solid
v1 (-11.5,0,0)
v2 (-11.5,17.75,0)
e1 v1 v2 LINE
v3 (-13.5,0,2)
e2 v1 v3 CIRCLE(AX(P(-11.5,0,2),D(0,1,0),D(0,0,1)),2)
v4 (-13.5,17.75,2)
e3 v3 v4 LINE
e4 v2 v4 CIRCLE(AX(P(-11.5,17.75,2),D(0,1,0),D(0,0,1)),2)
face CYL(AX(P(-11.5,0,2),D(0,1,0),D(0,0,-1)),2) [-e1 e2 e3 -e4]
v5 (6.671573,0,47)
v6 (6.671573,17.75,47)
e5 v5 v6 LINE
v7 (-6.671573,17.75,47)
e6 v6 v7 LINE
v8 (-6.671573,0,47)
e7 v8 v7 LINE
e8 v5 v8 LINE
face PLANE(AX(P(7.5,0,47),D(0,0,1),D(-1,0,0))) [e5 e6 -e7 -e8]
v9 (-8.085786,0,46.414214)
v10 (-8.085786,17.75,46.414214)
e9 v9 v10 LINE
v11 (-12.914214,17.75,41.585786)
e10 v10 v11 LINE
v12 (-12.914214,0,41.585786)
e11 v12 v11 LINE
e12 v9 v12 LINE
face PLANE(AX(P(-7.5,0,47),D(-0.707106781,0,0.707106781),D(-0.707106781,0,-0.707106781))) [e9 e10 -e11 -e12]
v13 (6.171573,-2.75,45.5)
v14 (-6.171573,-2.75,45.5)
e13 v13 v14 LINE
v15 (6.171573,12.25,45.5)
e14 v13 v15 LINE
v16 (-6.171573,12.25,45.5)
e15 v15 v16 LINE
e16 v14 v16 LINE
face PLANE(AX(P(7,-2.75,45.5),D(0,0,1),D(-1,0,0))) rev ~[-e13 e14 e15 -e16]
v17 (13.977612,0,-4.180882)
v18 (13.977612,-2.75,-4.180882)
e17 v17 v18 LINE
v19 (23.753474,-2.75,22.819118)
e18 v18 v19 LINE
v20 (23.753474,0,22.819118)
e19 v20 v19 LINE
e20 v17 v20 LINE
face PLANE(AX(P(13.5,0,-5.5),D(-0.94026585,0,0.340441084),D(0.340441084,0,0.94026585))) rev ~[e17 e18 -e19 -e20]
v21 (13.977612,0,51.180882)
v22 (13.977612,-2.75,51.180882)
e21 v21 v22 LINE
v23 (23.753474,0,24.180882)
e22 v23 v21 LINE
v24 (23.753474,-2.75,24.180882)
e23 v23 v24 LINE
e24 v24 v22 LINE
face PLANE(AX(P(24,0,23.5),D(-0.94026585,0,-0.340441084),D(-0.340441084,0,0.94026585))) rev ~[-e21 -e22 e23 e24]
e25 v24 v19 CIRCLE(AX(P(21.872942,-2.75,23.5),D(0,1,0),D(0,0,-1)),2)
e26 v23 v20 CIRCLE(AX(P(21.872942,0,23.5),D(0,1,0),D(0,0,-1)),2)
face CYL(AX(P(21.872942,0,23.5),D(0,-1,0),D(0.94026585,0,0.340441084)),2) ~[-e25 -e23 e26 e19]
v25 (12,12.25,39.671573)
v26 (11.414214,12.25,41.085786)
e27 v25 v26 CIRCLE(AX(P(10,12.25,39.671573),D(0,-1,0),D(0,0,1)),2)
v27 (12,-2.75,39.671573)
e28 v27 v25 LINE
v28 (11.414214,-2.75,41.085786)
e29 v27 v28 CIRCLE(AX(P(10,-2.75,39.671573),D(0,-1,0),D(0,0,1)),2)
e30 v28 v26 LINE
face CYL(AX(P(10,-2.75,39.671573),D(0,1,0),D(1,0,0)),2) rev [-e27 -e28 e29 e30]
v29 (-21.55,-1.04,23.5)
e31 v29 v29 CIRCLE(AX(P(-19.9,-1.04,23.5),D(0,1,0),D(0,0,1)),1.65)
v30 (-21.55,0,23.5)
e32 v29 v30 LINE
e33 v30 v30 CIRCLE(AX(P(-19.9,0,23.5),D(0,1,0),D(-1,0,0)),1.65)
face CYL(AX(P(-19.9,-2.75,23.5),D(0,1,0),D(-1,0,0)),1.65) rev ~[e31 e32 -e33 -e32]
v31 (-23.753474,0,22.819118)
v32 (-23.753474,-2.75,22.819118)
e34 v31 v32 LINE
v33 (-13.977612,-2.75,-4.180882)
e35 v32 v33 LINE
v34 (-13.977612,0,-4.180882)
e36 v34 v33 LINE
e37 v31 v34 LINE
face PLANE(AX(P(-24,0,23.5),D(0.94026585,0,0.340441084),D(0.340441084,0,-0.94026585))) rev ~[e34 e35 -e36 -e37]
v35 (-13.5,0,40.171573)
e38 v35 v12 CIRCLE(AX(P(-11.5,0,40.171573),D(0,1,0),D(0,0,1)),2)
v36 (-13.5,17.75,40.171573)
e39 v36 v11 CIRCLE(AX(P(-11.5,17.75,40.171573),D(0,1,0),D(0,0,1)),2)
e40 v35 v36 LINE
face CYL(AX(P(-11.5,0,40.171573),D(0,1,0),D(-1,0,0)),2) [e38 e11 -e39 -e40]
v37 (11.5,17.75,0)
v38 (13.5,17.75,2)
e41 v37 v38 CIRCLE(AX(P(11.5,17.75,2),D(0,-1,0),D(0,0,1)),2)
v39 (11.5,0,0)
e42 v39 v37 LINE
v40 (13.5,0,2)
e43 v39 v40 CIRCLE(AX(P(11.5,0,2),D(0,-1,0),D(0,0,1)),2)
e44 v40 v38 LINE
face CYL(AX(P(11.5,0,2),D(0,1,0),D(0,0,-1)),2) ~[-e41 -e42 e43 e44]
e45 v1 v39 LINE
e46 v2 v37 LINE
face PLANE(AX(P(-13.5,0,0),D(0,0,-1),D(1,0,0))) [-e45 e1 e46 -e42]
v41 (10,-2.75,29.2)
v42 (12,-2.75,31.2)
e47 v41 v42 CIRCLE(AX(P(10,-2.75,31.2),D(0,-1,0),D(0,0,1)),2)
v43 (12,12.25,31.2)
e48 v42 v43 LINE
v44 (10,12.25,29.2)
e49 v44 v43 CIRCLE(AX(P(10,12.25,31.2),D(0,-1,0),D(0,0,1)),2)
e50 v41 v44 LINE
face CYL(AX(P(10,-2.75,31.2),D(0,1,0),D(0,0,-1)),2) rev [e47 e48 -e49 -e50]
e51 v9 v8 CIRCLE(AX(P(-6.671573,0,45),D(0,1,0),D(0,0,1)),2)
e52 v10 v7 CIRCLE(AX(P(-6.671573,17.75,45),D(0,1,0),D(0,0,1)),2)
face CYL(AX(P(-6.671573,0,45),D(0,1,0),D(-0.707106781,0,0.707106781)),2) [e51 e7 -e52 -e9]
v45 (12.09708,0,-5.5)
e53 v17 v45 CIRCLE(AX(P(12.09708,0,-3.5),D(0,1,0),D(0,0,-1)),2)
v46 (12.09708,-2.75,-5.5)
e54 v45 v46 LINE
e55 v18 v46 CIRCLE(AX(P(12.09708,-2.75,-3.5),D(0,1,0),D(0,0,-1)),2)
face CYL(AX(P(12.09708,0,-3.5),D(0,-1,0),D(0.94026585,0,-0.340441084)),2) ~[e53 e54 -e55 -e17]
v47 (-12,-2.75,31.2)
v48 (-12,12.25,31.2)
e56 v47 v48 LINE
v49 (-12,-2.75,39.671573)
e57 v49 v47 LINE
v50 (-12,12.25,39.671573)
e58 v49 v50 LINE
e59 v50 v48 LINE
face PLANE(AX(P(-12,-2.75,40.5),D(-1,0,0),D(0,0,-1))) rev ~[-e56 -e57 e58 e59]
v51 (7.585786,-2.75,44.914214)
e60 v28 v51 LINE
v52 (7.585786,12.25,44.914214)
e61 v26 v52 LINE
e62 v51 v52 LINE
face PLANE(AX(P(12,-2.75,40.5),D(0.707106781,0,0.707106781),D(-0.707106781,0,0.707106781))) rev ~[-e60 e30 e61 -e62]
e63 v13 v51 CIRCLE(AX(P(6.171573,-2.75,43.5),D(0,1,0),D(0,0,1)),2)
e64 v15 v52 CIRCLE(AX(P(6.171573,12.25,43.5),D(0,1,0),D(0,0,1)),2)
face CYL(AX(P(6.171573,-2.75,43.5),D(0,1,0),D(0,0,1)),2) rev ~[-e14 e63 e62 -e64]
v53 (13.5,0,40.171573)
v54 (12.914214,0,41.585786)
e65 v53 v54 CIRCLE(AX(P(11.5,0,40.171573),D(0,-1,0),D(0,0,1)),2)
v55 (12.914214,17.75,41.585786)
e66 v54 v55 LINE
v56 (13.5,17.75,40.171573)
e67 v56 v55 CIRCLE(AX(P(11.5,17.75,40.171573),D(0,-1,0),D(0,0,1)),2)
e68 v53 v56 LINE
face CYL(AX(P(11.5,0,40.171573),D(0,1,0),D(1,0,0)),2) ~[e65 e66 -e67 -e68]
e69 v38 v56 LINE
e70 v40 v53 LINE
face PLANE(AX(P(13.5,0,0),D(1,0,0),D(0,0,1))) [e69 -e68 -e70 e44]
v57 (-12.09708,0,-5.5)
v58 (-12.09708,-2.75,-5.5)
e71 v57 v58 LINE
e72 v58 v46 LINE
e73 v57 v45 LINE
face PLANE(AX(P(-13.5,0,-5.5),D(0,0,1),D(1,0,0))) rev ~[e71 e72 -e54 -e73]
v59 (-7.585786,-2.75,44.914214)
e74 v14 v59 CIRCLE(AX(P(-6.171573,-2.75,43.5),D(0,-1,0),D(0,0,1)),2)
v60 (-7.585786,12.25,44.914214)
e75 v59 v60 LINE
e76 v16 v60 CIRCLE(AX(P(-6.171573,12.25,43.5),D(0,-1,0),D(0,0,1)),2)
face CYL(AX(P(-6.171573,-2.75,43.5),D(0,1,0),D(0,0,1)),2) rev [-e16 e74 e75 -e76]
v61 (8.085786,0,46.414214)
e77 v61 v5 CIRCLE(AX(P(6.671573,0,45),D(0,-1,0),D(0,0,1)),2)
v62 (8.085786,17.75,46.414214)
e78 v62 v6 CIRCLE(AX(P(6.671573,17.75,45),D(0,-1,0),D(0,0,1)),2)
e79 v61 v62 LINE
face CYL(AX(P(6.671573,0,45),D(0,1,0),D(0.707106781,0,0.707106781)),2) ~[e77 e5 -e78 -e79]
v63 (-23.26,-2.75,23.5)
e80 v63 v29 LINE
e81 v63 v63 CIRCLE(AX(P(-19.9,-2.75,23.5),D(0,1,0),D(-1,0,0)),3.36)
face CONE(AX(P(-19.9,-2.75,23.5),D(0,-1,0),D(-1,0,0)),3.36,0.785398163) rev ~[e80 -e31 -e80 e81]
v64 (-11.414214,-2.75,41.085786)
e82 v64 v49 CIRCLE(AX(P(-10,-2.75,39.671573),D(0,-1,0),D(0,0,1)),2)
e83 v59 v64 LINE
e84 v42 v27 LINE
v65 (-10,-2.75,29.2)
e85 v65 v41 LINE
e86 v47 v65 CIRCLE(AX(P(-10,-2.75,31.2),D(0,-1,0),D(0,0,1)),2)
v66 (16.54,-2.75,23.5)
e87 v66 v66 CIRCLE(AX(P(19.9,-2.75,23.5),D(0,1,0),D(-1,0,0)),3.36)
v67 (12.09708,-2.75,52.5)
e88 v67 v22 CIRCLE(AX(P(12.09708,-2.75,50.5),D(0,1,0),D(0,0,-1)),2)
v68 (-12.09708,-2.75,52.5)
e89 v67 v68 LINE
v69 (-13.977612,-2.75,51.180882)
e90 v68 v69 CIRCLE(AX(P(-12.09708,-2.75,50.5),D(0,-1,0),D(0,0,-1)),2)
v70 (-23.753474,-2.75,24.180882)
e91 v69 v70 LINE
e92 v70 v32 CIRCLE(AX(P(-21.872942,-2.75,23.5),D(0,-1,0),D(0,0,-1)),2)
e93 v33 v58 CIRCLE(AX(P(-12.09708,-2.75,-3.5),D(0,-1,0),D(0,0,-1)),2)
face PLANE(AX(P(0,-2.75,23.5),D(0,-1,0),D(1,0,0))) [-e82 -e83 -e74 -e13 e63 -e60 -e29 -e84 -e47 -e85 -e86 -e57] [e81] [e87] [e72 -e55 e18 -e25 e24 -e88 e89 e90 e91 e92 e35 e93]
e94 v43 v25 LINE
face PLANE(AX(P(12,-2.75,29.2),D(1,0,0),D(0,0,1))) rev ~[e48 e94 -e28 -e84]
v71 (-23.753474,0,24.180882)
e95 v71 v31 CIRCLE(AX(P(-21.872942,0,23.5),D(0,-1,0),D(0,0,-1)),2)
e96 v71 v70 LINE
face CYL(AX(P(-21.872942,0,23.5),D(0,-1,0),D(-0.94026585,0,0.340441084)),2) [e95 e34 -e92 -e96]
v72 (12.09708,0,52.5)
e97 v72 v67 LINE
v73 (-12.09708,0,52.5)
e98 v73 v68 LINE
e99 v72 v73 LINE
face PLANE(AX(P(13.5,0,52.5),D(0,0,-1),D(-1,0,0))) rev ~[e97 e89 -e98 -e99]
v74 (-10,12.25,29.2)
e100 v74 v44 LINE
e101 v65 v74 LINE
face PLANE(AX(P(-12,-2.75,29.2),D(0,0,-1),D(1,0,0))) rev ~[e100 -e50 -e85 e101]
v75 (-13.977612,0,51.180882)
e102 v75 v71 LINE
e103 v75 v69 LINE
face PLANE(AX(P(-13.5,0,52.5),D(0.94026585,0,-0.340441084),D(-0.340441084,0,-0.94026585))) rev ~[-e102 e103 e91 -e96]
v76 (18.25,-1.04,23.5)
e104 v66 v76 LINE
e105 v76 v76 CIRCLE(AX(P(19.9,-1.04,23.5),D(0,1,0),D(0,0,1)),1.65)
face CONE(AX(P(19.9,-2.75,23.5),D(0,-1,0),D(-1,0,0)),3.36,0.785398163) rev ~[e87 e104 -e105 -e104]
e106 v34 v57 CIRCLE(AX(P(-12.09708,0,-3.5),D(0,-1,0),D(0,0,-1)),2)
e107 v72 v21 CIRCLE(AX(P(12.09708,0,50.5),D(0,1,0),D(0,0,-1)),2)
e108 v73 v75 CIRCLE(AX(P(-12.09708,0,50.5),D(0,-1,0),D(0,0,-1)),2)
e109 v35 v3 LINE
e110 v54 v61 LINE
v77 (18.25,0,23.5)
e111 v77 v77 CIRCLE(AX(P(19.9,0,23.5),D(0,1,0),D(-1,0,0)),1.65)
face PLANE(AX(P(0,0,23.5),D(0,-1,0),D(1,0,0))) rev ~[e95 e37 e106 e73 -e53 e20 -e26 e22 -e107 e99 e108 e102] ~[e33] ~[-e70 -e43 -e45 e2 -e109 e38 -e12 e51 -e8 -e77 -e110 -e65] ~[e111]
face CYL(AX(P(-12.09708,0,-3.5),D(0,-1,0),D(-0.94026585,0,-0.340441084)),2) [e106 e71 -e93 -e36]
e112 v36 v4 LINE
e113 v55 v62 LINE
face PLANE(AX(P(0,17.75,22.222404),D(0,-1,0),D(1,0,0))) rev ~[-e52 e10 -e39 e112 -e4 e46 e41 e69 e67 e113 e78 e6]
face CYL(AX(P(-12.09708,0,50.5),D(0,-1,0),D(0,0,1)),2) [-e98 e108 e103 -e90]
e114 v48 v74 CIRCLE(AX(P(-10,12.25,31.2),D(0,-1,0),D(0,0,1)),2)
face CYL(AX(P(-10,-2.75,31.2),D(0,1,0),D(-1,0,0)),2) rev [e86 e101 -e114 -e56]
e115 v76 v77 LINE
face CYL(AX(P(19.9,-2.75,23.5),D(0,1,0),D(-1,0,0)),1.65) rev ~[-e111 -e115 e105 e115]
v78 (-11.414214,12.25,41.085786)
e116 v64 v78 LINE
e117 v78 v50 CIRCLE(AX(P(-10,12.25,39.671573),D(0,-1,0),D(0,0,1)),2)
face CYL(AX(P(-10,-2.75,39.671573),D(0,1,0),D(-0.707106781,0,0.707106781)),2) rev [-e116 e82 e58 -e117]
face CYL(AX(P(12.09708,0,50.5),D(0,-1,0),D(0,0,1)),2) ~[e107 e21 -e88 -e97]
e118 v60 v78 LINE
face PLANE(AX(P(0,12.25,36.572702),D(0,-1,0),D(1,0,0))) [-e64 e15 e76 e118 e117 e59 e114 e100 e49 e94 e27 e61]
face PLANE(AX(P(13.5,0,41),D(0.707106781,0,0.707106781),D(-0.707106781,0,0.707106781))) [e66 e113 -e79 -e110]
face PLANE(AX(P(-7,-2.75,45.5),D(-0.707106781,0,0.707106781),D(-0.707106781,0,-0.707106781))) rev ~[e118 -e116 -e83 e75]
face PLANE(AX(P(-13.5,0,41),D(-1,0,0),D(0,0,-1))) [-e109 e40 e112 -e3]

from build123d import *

# Parameters (mm, degrees)
F1_DEPTH       = 2.75
F2_DEPTH       = 17.75
F4_D           = 3.3
F4_CSINK_D     = 6.72
F4_CSINK_ANGLE = 90
F6_DEPTH       = 15
F7_R           = 2


with BuildPart() as f1:
    # F0 (on Front) → F1 (new body)
    with BuildSketch(Plane.XZ):
        Polygon((13.5, 52.5), (0, 52.5), (-13.5, 52.5), (-24, 23.5), (-13.5, -5.5), (0, -5.5), (13.5, -5.5), (24, 23.5), align=None)
        Polygon((13.5, 0), (0, 0), (-13.5, 0), (-13.5, 41), (-7.5, 47), (0, 47), (7.5, 47), (13.5, 41), align=None, mode=Mode.SUBTRACT)
        Polygon((-13.5, 0), (0, 0), (13.5, 0), (13.5, 41), (7.5, 47), (0, 47), (-7.5, 47), (-13.5, 41), align=None)
    extrude(amount=F1_DEPTH)

    # F0 (on Front) → F2 (join)
    with BuildSketch(Plane.XZ):
        Polygon((-13.5, 0), (0, 0), (13.5, 0), (13.5, 41), (7.5, 47), (0, 47), (-7.5, 47), (-13.5, 41), align=None)
    extrude(amount=-F2_DEPTH)

    # F4 (through all)
    with Locations(Plane.XZ.offset(2.75)):
        with Locations((-19.9, 23.5), (19.9, 23.5)):
            CounterSinkHole(F4_D / 2, F4_CSINK_D / 2, counter_sink_angle=F4_CSINK_ANGLE)

    # F5 (on face) → F6 (cut)
    with BuildSketch(Plane.XZ.offset(2.75)):
        Polygon((7, 45.5), (0, 45.5), (-7, 45.5), (-12, 40.5), (-12, 29.2), (0, 29.2), (12, 29.2), (12, 40.5), align=None)
    extrude(amount=-F6_DEPTH, mode=Mode.SUBTRACT)

    # F7
    f7_edges = [f1.edges().sort_by_distance(p)[0] for p in [
        (13.5, -1.375, 52.5),
        (-13.5, -1.375, 52.5),
        (-7.5, 8.875, 47),
        (-13.5, 8.875, 41),
        (7.5, 8.875, 47),
        (13.5, 8.875, 41),
        (-24, -1.375, 23.5),
        (-13.5, -1.375, -5.5),
        (13.5, -1.375, -5.5),
        (24, -1.375, 23.5),
        (13.5, 8.875, 0),
        (-13.5, 8.875, 0),
        (-12, 4.75, 29.2),
        (12, 4.75, 29.2),
        (12, 4.75, 40.5),
        (7, 4.75, 45.5),
        (-12, 4.75, 40.5),
        (-7, 4.75, 45.5),
    ]]
    fillet(f7_edges, radius=F7_R)


solid = f1.part
